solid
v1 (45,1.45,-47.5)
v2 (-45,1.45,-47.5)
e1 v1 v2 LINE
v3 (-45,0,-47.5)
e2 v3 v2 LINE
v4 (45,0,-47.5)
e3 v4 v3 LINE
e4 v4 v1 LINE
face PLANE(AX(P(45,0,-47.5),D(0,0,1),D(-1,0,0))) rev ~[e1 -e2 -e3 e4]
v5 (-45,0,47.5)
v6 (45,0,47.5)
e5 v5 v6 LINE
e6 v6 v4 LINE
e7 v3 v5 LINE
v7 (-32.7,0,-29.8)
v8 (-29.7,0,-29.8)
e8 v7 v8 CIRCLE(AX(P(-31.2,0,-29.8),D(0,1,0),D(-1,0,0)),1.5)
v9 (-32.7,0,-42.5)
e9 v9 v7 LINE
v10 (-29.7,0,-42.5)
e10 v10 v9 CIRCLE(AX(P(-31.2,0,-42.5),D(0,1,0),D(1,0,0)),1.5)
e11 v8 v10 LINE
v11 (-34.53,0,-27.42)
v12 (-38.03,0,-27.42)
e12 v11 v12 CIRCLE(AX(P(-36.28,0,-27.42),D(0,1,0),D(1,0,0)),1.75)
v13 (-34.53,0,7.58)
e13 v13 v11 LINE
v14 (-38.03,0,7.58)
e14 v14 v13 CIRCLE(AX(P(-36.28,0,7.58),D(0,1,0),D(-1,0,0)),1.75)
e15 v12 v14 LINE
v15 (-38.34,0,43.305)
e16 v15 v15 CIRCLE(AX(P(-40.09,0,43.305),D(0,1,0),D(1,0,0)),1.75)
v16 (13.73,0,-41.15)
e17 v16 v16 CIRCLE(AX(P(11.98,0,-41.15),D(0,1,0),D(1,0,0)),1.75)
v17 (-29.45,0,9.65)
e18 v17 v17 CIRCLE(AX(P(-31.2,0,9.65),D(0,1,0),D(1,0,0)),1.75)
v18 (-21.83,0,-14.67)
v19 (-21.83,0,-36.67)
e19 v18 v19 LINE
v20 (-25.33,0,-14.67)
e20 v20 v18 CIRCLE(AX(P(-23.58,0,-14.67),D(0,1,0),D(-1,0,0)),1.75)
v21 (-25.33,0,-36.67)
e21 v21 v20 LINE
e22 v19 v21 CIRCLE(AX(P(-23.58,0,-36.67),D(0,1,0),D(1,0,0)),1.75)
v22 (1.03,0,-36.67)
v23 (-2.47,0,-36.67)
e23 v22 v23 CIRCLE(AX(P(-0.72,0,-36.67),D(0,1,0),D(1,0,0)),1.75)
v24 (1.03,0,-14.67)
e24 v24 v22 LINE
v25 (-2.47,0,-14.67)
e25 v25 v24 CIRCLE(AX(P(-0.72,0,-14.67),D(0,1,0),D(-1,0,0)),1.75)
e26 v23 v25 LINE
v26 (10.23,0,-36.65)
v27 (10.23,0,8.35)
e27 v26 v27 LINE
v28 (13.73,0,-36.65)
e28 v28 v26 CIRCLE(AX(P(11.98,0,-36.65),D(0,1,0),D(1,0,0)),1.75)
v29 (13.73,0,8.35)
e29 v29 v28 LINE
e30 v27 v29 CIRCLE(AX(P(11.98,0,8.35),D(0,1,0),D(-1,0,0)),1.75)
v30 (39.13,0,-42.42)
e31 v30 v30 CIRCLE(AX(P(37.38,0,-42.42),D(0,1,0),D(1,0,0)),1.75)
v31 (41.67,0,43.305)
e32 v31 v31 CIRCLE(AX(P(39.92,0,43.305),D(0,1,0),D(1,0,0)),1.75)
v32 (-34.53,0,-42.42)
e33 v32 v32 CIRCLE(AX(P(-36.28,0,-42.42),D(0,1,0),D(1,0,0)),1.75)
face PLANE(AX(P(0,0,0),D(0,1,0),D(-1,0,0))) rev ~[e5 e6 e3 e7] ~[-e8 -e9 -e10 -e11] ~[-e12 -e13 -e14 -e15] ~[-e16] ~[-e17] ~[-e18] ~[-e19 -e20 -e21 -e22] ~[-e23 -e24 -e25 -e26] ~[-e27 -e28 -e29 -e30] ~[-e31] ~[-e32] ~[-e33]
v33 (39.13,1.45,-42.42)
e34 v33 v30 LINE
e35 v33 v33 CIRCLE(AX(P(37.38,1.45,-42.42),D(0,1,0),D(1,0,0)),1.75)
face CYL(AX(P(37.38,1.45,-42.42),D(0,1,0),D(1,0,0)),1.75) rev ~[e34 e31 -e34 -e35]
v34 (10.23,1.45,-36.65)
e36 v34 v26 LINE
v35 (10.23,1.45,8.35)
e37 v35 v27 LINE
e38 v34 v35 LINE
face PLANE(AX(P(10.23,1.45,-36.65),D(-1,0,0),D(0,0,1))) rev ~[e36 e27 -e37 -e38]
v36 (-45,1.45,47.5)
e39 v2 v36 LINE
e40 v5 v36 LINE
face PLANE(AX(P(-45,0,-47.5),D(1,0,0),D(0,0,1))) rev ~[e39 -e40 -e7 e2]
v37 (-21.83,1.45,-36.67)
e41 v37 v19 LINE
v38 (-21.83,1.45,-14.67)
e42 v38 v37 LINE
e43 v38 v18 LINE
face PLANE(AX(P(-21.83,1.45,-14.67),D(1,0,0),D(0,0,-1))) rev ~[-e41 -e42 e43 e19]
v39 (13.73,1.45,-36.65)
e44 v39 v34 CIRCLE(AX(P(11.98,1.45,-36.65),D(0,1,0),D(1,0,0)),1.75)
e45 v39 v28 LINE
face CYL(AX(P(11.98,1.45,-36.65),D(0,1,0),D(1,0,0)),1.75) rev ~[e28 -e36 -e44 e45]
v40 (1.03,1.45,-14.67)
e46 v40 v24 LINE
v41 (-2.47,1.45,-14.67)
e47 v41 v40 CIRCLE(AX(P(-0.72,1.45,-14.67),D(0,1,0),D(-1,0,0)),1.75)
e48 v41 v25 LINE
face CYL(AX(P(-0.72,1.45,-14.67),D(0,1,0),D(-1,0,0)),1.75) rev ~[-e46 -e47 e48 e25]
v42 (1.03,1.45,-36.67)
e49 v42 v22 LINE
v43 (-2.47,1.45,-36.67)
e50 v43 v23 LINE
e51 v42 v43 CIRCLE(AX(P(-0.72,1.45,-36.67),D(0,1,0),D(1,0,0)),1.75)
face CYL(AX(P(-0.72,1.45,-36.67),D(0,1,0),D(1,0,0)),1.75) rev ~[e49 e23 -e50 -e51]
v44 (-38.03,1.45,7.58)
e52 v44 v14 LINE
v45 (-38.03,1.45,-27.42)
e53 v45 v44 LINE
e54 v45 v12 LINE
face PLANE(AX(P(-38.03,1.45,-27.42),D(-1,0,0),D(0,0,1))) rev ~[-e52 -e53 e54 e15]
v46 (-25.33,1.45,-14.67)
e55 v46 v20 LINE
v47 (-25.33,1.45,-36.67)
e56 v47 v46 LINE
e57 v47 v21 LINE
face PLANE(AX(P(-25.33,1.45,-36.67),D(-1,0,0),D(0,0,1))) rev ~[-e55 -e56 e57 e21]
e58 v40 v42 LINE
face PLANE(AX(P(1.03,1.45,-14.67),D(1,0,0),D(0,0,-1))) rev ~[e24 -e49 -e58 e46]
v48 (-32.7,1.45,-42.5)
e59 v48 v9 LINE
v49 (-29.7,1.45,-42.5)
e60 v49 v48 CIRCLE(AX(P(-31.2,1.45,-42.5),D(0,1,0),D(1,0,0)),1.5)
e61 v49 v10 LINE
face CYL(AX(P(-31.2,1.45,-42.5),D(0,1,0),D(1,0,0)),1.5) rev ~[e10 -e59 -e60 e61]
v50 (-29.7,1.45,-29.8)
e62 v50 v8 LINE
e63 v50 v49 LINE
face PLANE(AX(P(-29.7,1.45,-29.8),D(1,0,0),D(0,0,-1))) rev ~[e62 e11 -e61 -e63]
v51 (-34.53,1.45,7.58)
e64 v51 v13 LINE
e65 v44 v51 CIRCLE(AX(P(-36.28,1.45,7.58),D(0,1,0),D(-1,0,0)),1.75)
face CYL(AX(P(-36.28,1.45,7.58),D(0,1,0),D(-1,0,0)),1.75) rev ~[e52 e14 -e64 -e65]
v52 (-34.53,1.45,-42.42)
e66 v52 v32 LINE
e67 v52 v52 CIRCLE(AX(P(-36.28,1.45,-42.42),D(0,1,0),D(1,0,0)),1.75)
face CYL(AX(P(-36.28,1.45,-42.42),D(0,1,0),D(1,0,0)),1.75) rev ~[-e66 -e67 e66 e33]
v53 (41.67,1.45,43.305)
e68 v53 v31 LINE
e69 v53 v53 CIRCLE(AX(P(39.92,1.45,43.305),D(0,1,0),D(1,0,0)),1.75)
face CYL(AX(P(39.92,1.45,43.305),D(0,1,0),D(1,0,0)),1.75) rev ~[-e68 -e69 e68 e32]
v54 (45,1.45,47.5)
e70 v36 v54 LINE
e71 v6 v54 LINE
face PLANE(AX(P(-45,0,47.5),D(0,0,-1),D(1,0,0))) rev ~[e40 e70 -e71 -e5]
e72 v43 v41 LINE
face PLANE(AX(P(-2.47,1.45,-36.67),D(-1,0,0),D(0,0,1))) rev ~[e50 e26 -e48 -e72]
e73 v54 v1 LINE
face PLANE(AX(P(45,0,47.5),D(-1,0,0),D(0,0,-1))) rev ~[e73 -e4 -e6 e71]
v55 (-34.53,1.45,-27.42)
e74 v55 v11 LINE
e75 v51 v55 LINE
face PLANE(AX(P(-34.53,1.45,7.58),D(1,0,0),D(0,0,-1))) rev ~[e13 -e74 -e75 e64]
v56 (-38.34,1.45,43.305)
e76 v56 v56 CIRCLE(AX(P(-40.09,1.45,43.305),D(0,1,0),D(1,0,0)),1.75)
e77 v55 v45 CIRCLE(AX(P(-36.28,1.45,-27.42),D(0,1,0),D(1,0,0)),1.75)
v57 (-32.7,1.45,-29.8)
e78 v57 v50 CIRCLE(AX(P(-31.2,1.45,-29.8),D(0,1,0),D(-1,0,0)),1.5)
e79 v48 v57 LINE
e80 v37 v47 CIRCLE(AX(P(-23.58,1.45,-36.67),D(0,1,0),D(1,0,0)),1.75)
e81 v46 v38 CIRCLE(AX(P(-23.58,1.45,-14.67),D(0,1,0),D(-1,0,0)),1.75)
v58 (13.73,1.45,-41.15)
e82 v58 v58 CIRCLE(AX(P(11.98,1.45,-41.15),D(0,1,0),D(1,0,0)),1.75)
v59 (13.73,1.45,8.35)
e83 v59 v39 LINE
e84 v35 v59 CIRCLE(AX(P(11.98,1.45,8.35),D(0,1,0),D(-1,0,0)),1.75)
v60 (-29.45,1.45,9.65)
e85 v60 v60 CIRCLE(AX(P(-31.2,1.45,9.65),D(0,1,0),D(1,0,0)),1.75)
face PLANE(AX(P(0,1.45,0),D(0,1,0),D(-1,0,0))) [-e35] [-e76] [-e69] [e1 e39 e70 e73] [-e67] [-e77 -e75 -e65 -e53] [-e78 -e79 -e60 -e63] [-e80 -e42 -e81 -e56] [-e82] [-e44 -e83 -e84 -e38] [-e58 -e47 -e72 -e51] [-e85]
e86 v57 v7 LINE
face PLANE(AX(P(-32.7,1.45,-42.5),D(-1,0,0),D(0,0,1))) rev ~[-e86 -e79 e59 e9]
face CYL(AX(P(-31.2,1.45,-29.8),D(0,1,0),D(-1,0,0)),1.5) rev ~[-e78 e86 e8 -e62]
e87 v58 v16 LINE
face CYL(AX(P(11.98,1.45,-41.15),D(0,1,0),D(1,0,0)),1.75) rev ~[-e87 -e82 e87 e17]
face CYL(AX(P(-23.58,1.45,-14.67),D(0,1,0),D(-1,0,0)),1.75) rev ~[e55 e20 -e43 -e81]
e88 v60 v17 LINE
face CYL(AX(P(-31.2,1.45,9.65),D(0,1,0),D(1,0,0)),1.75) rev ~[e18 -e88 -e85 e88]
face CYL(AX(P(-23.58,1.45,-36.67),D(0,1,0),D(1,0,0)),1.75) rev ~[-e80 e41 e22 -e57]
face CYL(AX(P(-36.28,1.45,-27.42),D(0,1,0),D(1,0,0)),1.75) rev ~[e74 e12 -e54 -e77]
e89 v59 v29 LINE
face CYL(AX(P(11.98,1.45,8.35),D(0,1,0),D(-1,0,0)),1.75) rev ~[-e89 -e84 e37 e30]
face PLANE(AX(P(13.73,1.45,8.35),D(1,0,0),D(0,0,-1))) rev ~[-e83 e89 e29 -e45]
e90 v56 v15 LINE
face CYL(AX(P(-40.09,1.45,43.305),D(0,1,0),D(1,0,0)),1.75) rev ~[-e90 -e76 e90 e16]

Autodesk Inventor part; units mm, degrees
ref_plane "YZ Plane" through (0, 0, 0) normal (1, 0, 0) x (0, 1, 0)
ref_plane "XZ Plane" through (0, 0, 0) normal (0, 1, 0) x (-1, 0, 0)
ref_plane "XY Plane" through (0, 0, 0) normal (0, 0, 1) x (1, 0, 0)
sketch "Sketch1" plane through (0, 0, 0) normal (0, 1, 0) x (-1, 0, 0)
  line L0 (45, 47.5) -> (-45, 47.5)
  line L1 (-45, 47.5) -> (-45, -47.5)
  line L2 (-45, -47.5) -> (45, -47.5)
  line L3 (45, -47.5) -> (45, 47.5)
  line L4 (45, 47.5) -> (-45, -47.5) construction
  line L5 (-45, 47.5) -> (45, -47.5) construction
  point P0 (0, 0)
  dimension "d0" = 95
  dimension "d1" = 90
extrude "Extrusion1" add sketch "Sketch1" along normal blind 1.45
sketch "Sketch2" plane through (0, 1.45, 0) normal (0, 1, 0) x (1, 0, 0)
  circle A0 centre (37.38, 42.42) radius 1.75
  circle A1 centre (-40.09, -43.305) radius 1.75
  circle A2 centre (39.92, -43.305) radius 1.75
  circle A3 centre (-36.28, 42.42) radius 1.75
  line L0 (-45, 47.5) -> (-45, -47.5) projected
  line L1 (45, 47.5) -> (-45, 47.5) projected
  line L2 (45, -47.5) -> (45, 47.5) projected
  point P0 (0, 0)
  dimension "d4" = 3.5
  dimension "d5" = 3.5
  dimension "d6" = 3.5
  dimension "d7" = 3.5
  dimension "d46" = 73.66
  dimension "d47" = 7.62
  dimension "d48" = 5.08
  dimension "d49" = 85.725
  dimension "d50" = 80.01
  dimension "d51" = 2.54
extrude "Extrusion2" cut sketch "Sketch2" against normal through all
sketch "Sketch3" plane through (0, 1.45, 0) normal (0, 1, 0) x (1, 0, 0)
  circle A0 centre (-36.28, 42.42) radius 1.75
  circle A1 centre (11.98, 41.15) radius 1.75
  line L0 (45, 47.5) -> (-45, 47.5) projected
  circle A2 centre (-31.2, -9.65) radius 1.75
  circle A3 centre (-36.28, 42.42) radius 1.75 projected
  point P0 (0, 0)
  dimension "d18" = 3.5
  dimension "d19" = 3.5
  dimension "d22" = 48.26
  dimension "d23" = 1.27
  dimension "d24" = 3.5
  dimension "d25" = 5.08
  dimension "d26" = 52.07
  dimension "d44" = 0
  dimension "d45" = 0
extrude "Extrusion3" cut sketch "Sketch3" against normal blind 10
sketch "Sketch4" plane through (0, 1.45, 0) normal (0, 1, 0) x (1, 0, 0)
  line L0 (-36.28, 27.42) -> (-36.28, -7.58) construction
  line L1 (-38.03, 27.42) -> (-38.03, -7.58)
  line L2 (-34.53, -7.58) -> (-34.53, 27.42)
  arc A0 (-34.53, 27.42) -> (-38.03, 27.42) centre (-36.28, 27.42) ccw
  arc A1 (-38.03, -7.58) -> (-34.53, -7.58) centre (-36.28, -7.58) ccw
  line L3 (11.98, 36.65) -> (11.98, -8.35) construction
  line L4 (10.23, 36.65) -> (10.23, -8.35)
  line L5 (13.73, -8.35) -> (13.73, 36.65)
  arc A2 (13.73, 36.65) -> (10.23, 36.65) centre (11.98, 36.65) ccw
  arc A3 (10.23, -8.35) -> (13.73, -8.35) centre (11.98, -8.35) ccw
  circle A4 centre (-36.28, 42.42) radius 1.75 projected
  circle A5 centre (11.98, 41.15) radius 1.75 projected
  line L6 (-23.58, 36.67) -> (-23.58, 14.67) construction
  line L7 (-25.33, 36.67) -> (-25.33, 14.67)
  line L8 (-21.83, 14.67) -> (-21.83, 36.67)
  arc A6 (-21.83, 36.67) -> (-25.33, 36.67) centre (-23.58, 36.67) ccw
  arc A7 (-25.33, 14.67) -> (-21.83, 14.67) centre (-23.58, 14.67) ccw
  line L9 (-0.72, 36.67) -> (-0.72, 14.67) construction
  line L10 (-2.47, 36.67) -> (-2.47, 14.67)
  line L11 (1.03, 14.67) -> (1.03, 36.67)
  arc A8 (1.03, 36.67) -> (-2.47, 36.67) centre (-0.72, 36.67) ccw
  arc A9 (-2.47, 14.67) -> (1.03, 14.67) centre (-0.72, 14.67) ccw
  line L12 (-31.2, 42.5) -> (-31.2, 29.8) construction
  line L13 (-32.7, 42.5) -> (-32.7, 29.8)
  line L14 (-29.7, 29.8) -> (-29.7, 42.5)
  arc A10 (-29.7, 42.5) -> (-32.7, 42.5) centre (-31.2, 42.5) ccw
  arc A11 (-32.7, 29.8) -> (-29.7, 29.8) centre (-31.2, 29.8) ccw
  line L15 (45, 47.5) -> (-45, 47.5) projected
  line L16 (-45, 47.5) -> (-45, -47.5) projected
  point P0 (0, 0)
  point P1 (-36.28, 9.92)
  point P2 (11.98, 14.15)
  point P3 (-23.58, 25.67)
  point P4 (-0.72, 25.67)
  point P5 (-23.58, 38.42)
  point P6 (-31.2, 36.15)
  dimension "d28" = 3.5
  dimension "d29" = 3.5
  dimension "d30" = 15
  dimension "d31" = 35
  dimension "d32" = 4.5
  dimension "d33" = 45
  dimension "d34" = 12.7
  dimension "d35" = 35.56
  dimension "d36" = 3.5
  dimension "d37" = 3.5
  dimension "d38" = 22
  dimension "d41" = 4
  dimension "d52" = 3
  dimension "d53" = 5
  dimension "d54" = 12.7
  dimension "d56" = 5.08
extrude "Extrusion4" cut sketch "Sketch4" against normal blind 10 contours A0 L2 A1 L1 | A2 L5 A3 L4 | A6 L8 A7 L7 | A8 L11 A9 L10 | A10 L14 A11 L13
properties part number "empty_board" material "ABS Plastic"
